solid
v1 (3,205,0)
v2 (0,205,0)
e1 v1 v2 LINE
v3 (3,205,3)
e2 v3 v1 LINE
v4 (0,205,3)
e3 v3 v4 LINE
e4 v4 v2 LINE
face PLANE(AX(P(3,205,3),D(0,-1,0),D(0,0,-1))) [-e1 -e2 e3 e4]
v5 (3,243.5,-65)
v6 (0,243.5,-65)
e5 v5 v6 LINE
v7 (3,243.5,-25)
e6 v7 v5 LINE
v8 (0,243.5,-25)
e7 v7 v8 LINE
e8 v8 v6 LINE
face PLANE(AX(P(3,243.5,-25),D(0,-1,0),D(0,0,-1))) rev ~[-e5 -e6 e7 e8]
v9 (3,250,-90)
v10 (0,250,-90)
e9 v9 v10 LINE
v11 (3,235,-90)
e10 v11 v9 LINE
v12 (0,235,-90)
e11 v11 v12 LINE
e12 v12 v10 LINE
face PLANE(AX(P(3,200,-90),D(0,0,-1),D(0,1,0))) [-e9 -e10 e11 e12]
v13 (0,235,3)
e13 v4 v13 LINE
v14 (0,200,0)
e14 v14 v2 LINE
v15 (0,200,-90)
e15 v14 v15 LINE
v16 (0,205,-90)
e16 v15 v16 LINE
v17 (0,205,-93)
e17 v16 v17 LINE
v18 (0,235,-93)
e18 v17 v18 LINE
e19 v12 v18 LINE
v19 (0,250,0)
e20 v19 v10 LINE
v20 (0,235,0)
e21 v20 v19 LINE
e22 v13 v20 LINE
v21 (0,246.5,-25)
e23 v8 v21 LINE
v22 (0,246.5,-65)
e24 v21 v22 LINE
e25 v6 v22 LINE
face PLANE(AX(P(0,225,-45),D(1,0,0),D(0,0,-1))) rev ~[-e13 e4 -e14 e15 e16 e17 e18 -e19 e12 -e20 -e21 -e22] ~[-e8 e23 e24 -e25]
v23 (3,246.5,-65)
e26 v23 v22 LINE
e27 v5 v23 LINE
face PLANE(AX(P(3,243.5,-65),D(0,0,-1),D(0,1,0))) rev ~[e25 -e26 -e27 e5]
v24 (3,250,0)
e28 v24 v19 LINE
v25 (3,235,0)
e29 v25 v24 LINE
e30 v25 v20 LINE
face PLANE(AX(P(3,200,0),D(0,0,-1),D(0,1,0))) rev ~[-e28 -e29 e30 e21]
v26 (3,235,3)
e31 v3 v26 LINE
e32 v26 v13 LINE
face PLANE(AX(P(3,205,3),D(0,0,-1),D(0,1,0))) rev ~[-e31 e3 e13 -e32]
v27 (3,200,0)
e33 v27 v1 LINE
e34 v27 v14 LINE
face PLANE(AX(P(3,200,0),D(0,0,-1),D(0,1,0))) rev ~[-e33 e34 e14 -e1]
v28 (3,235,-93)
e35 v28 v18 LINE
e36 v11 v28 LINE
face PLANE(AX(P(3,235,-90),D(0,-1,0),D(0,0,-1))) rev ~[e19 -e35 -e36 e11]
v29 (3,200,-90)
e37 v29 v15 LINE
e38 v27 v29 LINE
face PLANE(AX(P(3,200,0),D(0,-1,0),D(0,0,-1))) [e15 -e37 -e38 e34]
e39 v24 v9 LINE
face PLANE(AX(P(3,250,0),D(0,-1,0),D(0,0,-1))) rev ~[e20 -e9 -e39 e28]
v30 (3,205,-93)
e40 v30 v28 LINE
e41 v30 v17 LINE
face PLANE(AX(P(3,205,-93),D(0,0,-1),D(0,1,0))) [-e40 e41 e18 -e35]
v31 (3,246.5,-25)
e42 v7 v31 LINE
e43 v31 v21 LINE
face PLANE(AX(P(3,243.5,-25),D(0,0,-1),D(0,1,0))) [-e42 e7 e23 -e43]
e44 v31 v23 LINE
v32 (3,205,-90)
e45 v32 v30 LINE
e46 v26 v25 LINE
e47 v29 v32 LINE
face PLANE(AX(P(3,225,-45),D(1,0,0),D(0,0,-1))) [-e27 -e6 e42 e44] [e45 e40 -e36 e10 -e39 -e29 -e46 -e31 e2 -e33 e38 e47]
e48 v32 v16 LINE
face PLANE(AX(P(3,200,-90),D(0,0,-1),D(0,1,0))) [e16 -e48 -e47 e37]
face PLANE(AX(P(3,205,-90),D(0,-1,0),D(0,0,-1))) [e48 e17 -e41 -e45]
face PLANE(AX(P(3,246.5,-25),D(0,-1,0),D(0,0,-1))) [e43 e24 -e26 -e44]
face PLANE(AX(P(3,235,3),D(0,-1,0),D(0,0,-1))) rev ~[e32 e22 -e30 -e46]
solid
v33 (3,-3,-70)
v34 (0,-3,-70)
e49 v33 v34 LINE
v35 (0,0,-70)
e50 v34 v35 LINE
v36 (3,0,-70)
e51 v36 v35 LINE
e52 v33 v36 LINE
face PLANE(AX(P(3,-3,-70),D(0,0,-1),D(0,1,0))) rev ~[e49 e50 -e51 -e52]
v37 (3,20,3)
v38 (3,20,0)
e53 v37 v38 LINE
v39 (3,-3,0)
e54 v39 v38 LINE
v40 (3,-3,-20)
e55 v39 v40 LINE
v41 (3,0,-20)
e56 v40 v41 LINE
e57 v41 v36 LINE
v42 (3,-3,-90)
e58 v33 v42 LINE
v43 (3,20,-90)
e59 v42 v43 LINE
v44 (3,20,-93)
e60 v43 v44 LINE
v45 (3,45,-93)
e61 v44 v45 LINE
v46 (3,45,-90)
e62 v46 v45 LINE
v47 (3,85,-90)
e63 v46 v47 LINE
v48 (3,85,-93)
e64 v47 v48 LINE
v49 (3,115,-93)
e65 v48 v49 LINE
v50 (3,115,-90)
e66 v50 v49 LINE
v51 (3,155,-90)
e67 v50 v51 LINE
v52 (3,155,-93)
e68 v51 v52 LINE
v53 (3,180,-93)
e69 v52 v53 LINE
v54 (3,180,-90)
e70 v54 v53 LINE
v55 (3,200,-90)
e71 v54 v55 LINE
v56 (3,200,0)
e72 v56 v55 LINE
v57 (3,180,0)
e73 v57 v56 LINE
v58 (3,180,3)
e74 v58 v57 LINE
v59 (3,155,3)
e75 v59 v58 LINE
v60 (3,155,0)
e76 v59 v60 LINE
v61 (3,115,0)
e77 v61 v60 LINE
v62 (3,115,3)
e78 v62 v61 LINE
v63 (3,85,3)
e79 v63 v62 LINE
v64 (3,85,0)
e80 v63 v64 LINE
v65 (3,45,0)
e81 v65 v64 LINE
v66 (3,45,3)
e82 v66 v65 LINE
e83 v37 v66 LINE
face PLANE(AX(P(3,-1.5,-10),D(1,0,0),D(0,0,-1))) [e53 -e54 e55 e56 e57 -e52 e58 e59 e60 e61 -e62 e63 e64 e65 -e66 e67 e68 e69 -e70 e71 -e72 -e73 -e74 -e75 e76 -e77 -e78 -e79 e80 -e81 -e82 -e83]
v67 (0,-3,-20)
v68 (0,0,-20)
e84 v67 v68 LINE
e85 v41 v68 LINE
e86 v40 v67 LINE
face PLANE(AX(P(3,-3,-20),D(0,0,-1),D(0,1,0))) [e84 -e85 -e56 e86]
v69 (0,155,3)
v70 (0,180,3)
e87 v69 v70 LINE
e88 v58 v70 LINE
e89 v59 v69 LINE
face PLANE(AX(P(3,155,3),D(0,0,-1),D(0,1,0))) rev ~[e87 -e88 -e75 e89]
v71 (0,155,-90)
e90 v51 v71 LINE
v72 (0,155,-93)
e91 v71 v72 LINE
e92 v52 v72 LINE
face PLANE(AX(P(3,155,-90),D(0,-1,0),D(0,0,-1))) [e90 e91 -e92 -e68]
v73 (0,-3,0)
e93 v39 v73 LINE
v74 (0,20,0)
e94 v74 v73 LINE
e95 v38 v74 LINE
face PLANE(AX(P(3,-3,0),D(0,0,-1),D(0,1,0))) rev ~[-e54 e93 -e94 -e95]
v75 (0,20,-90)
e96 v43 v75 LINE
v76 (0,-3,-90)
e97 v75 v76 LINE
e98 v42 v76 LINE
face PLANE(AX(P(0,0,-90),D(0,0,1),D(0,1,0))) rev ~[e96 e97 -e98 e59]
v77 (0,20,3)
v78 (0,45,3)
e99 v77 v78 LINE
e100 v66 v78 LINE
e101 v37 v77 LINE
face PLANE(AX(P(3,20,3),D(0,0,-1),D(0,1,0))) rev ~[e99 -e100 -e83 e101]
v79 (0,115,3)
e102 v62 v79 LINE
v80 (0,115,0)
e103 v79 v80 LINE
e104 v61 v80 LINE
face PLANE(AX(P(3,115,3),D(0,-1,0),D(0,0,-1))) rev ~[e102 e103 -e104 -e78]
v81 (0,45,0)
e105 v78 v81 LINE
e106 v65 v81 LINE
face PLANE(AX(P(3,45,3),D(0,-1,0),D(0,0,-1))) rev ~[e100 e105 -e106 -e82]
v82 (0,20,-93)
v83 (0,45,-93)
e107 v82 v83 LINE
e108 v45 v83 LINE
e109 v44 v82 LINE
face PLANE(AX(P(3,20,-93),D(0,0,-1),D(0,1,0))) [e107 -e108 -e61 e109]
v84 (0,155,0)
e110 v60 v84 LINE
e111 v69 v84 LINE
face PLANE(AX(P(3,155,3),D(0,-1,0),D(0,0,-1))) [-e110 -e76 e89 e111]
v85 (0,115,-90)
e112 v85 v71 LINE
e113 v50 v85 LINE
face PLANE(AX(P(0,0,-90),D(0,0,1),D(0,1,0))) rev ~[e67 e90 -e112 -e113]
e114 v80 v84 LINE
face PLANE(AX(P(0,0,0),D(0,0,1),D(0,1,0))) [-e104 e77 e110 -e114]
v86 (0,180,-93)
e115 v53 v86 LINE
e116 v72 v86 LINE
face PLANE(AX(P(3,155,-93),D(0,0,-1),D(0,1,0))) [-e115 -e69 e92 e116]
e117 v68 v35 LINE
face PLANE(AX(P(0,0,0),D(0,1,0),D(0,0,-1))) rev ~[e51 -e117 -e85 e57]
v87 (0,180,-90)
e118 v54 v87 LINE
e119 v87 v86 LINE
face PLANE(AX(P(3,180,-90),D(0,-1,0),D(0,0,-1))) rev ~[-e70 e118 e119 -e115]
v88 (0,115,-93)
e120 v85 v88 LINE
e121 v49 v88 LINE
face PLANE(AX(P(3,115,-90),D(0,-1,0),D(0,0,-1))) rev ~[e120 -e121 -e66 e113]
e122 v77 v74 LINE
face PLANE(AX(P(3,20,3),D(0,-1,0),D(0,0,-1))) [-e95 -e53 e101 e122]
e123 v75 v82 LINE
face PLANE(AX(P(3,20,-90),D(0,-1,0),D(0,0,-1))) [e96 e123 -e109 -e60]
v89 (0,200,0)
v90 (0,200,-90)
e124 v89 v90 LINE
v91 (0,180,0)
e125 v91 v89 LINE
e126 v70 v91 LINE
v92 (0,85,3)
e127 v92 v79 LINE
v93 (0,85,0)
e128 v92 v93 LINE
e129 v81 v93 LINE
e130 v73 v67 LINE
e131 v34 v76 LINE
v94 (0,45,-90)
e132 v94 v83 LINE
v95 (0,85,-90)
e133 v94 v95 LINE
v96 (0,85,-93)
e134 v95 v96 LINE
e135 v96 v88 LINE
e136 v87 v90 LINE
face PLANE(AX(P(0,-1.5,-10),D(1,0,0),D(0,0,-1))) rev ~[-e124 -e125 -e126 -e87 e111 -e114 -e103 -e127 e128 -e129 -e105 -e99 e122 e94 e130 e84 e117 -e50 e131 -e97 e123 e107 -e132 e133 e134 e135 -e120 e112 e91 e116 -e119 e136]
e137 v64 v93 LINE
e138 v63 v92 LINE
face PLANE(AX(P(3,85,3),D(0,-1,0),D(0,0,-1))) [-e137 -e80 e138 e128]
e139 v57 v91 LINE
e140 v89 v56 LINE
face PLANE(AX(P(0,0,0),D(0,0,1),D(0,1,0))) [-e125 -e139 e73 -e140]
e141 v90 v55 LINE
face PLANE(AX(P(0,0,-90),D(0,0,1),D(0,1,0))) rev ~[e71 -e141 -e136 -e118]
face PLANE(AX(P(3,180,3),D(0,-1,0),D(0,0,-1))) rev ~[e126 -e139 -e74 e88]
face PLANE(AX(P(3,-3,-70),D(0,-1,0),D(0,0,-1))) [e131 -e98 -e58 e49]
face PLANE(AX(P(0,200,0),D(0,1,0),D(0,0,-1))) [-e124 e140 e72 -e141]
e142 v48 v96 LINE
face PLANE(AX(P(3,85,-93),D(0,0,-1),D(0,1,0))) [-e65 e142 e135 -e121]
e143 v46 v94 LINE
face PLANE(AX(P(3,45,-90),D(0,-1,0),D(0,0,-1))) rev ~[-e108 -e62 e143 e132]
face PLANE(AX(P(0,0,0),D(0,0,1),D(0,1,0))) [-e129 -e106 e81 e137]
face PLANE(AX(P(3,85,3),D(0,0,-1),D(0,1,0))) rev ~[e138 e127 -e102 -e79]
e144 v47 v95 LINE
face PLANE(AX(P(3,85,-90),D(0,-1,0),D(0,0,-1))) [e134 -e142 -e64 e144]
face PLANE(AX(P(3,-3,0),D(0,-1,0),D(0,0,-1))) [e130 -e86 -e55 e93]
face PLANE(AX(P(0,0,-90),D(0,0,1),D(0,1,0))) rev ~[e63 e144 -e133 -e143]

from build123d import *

# Parameters (mm, degrees)
SKETCH1_W           = 90
SKETCH1_H           = 200
BOSS_EXTRUDE1_DEPTH = 3
SKETCH4_W           = 3
SKETCH4_H           = 25
SKETCH4_H_2         = 30
BOSS_EXTRUDE3_DEPTH = 3
SKETCH5_W           = 20
SKETCH5_H           = 3
BOSS_EXTRUDE4_DEPTH = 3
SKETCH6_W           = 90
SKETCH6_H           = 50
BOSS_EXTRUDE5_DEPTH = 3
SKETCH7_W           = 40
SKETCH7_H           = 3
CUT_EXTRUDE2_DEPTH  = 3
SKETCH8_W           = 3
SKETCH8_H           = 30
BOSS_EXTRUDE6_DEPTH = 3


with BuildPart() as part:
    # Sketch1 → Boss-Extrude1 (new body)
    with BuildSketch(Plane(origin=(0, 0, 0), x_dir=(0, 0, -1), z_dir=(1, 0, 0))):
        with Locations((45, 100)):
            Rectangle(SKETCH1_W, SKETCH1_H)
    extrude(amount=BOSS_EXTRUDE1_DEPTH)

    # Sketch4 → Boss-Extrude3 (add, through all)
    with BuildSketch(Plane(origin=(3, 0, 0), x_dir=(0, 0, -1), z_dir=(1, 0, 0))):
        with Locations((-1.5, 167.5)):
            Rectangle(SKETCH4_W, SKETCH4_H)
        with Locations((-1.5, 100)):
            Rectangle(SKETCH4_W, SKETCH4_H_2)
        with Locations((-1.5, 32.5)):
            Rectangle(SKETCH4_W, SKETCH4_H)
        with Locations((91.5, 32.5)):
            Rectangle(SKETCH4_W, SKETCH4_H)
        with Locations((91.5, 100)):
            Rectangle(SKETCH4_W, SKETCH4_H_2)
        with Locations((91.5, 167.5)):
            Rectangle(SKETCH4_W, SKETCH4_H)
    extrude(amount=-BOSS_EXTRUDE3_DEPTH)

    # Sketch5 → Boss-Extrude4 (add, through all)
    with BuildSketch(Plane(origin=(3, 0, 0), x_dir=(0, 0, -1), z_dir=(1, 0, 0))):
        with Locations((10, -1.5)):
            Rectangle(SKETCH5_W, SKETCH5_H)
        with Locations((80, -1.5)):
            Rectangle(SKETCH5_W, SKETCH5_H)
    extrude(amount=-BOSS_EXTRUDE4_DEPTH)


with BuildPart() as body_2:
    # Sketch6 → Boss-Extrude5 (new body)
    with BuildSketch(Plane(origin=(3, 0, 0), x_dir=(0, 0, -1), z_dir=(1, 0, 0))):
        with Locations((45, 225)):
            Rectangle(SKETCH6_W, SKETCH6_H)
    extrude(amount=-BOSS_EXTRUDE5_DEPTH)

    # Sketch7 → Cut-Extrude2 (cut)
    with BuildSketch(Plane(origin=(3, 0, 0), x_dir=(0, 0, -1), z_dir=(1, 0, 0))):
        with Locations((45, 245)):
            Rectangle(SKETCH7_W, SKETCH7_H)
    extrude(amount=-CUT_EXTRUDE2_DEPTH, mode=Mode.SUBTRACT)

    # Sketch8 → Boss-Extrude6 (add)
    with BuildSketch(Plane(origin=(3, 0, 0), x_dir=(0, 0, -1), z_dir=(1, 0, 0))):
        with Locations((-1.5, 220)):
            Rectangle(SKETCH8_W, SKETCH8_H)
        with Locations((91.5, 220)):
            Rectangle(SKETCH8_W, SKETCH8_H)
    extrude(amount=-BOSS_EXTRUDE6_DEPTH)


solid = Compound([part.part, body_2.part])
